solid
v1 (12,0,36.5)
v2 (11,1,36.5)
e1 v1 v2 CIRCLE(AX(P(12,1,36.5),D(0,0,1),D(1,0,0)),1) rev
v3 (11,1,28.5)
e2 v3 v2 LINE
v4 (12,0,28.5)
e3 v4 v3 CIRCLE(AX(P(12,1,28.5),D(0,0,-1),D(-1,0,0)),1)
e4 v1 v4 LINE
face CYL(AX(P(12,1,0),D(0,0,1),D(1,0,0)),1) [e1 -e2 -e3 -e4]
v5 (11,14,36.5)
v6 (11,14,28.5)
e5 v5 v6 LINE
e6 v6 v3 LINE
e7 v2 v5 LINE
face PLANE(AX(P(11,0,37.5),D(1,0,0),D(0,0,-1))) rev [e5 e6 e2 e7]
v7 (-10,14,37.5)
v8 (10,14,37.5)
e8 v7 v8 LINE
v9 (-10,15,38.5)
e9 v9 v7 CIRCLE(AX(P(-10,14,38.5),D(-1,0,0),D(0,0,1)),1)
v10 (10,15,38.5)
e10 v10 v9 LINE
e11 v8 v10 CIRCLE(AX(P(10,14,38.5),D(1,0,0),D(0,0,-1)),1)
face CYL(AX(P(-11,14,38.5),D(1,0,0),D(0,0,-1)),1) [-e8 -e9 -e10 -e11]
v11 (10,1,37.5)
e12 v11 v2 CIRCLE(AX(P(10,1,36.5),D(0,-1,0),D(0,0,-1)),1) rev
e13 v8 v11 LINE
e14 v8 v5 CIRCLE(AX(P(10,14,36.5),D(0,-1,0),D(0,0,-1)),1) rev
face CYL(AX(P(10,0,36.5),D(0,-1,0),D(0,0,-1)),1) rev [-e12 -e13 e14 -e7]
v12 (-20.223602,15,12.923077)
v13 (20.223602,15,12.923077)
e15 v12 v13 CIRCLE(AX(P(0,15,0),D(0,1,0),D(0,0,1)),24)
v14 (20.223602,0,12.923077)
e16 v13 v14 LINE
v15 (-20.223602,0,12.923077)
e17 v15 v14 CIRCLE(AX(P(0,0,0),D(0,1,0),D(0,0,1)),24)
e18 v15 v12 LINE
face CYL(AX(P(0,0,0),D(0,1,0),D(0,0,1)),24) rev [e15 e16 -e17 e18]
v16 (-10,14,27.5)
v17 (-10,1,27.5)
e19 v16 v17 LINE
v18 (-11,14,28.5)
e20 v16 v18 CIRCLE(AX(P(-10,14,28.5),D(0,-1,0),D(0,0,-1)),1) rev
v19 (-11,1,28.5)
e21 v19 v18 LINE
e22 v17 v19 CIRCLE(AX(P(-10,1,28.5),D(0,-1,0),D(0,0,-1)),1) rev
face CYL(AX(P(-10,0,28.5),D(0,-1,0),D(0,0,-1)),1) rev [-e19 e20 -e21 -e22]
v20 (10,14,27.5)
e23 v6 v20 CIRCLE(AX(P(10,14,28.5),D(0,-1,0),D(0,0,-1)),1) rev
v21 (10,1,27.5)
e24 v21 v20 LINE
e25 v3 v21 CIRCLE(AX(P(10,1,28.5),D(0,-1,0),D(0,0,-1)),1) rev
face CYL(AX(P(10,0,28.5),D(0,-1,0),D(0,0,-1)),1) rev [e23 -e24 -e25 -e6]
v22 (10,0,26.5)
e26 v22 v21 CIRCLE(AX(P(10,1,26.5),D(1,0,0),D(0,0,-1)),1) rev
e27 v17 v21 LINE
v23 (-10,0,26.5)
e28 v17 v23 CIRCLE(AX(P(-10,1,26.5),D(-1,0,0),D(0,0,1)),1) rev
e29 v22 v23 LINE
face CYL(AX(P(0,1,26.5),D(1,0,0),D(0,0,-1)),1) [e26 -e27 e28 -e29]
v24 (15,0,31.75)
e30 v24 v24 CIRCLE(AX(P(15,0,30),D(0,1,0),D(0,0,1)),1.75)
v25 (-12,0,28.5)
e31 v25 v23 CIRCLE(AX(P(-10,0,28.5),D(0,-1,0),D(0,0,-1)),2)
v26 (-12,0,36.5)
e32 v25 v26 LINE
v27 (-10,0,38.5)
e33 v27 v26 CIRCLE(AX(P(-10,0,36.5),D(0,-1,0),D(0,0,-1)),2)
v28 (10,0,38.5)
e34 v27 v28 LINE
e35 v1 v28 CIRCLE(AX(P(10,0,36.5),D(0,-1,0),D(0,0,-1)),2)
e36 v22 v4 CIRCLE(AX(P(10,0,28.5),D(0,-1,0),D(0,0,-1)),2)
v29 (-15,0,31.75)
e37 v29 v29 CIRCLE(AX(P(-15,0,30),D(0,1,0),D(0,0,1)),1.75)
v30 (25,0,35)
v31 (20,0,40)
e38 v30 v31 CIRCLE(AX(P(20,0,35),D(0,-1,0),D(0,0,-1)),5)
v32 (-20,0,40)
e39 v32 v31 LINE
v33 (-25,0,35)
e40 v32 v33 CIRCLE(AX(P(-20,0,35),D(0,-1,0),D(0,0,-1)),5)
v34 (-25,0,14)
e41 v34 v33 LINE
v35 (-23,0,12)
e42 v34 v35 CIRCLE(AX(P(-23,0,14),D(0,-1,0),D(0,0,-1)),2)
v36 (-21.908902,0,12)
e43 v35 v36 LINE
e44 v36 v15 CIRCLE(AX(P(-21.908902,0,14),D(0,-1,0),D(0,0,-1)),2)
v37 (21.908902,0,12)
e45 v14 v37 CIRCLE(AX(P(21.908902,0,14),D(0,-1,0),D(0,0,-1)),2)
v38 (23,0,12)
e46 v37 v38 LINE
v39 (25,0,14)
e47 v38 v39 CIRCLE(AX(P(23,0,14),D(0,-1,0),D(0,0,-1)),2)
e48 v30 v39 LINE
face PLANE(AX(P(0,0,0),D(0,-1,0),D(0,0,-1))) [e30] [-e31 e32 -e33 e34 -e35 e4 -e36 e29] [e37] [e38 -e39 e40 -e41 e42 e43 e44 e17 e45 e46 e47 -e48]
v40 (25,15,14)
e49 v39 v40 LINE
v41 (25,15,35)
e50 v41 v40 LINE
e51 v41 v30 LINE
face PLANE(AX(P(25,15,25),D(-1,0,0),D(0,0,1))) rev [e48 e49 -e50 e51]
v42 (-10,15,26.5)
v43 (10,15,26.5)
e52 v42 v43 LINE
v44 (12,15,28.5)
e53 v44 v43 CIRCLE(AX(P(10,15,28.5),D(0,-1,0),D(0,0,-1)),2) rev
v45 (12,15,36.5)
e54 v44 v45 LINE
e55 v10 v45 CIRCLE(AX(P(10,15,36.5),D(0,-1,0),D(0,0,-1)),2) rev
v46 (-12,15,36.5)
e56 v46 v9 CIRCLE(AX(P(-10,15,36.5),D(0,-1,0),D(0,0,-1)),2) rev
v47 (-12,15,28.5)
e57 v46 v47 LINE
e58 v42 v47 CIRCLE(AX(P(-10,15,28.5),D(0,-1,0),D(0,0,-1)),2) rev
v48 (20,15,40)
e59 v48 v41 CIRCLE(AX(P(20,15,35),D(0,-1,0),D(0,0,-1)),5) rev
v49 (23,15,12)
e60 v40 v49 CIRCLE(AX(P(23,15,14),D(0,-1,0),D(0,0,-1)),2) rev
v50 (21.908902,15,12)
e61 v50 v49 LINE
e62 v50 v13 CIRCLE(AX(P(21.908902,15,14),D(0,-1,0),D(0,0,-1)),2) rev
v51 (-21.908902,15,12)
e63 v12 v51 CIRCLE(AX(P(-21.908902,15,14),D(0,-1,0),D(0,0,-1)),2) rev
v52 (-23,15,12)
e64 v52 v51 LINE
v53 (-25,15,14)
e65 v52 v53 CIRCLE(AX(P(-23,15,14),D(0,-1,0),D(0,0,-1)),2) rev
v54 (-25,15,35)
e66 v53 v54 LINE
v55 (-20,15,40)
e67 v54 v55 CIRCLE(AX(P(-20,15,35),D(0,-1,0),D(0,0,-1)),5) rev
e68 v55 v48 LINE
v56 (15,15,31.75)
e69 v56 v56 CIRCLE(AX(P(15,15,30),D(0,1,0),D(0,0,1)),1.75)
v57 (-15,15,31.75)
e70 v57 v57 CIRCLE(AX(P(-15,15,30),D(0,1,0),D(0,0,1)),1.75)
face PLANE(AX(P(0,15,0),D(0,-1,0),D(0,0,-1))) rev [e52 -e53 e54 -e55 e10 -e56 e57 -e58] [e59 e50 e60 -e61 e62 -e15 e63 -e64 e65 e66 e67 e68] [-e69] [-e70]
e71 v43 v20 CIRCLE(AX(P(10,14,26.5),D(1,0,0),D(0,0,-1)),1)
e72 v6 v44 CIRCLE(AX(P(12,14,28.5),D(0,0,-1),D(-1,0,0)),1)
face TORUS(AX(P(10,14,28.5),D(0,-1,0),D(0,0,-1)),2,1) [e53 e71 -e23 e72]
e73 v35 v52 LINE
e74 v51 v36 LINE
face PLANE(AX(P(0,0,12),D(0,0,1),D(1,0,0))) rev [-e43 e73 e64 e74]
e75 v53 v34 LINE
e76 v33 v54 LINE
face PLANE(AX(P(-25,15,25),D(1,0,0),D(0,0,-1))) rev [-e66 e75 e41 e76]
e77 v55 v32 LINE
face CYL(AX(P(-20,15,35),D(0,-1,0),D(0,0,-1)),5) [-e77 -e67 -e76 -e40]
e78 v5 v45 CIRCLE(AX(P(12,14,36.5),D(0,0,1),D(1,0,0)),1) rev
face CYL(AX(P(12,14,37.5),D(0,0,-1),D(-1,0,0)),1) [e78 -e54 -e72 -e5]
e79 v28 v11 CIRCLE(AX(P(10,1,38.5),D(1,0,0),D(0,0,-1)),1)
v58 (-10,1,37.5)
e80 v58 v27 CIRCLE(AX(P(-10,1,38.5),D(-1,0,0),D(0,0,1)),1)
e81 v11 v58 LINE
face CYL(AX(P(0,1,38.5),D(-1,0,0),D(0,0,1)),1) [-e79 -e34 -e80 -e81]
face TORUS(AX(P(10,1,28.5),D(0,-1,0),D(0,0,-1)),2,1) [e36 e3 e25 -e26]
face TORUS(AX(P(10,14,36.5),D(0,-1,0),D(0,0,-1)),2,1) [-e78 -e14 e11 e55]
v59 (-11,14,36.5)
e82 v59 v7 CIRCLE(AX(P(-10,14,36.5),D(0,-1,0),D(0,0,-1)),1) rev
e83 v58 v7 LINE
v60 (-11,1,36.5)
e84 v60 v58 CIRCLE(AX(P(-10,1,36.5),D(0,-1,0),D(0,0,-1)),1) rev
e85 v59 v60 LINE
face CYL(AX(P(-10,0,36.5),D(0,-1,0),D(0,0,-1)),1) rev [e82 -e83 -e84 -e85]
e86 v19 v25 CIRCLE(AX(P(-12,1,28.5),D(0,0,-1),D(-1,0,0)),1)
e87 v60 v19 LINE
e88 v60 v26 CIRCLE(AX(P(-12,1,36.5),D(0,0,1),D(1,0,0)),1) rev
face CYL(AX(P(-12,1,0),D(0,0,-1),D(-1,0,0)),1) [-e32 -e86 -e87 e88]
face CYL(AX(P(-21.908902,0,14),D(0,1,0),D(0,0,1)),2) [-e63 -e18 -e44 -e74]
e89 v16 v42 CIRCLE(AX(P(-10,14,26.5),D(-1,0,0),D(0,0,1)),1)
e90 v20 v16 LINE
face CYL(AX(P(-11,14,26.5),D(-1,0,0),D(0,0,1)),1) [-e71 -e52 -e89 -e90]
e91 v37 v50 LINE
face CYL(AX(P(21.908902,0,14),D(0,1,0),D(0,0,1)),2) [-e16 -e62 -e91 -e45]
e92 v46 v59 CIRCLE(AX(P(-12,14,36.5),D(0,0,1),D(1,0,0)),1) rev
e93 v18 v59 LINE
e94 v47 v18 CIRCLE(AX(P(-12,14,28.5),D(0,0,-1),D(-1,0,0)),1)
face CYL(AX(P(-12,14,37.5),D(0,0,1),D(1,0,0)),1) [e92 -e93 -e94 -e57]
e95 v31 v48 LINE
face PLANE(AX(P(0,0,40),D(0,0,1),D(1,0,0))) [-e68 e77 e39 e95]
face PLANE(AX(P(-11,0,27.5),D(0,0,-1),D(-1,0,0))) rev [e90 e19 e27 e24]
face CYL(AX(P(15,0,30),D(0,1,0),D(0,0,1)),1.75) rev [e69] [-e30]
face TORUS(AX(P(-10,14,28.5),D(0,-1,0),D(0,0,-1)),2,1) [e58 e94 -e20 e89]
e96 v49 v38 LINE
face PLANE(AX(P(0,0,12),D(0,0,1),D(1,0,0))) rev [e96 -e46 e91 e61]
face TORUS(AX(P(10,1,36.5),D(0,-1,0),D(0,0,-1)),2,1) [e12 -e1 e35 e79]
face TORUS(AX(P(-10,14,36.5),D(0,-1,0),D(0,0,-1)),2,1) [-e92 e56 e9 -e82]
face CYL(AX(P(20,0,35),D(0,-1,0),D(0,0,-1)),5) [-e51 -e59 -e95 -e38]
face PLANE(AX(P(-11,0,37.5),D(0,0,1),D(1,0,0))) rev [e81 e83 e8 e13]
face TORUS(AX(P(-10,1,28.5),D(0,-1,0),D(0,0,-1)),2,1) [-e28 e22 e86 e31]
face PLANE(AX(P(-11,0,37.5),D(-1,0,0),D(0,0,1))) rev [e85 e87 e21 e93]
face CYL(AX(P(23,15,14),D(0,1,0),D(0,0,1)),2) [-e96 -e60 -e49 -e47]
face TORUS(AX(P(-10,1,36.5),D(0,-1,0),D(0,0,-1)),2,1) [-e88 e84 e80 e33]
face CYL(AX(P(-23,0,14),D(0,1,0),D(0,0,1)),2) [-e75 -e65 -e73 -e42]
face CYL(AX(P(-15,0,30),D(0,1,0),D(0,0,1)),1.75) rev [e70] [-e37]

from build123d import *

# Parameters (mm, degrees)
SKETCH_1_W          = 50
SKETCH_1_H          = 50
SKETCH_1_R          = 21.05
EXTRUDE_1_DEPTH     = 15
SKETCH_2_W          = 50
SKETCH_2_H          = 30
SKETCH_2_R          = 1.6
EXTRUDE_2_DEPTH     = 15
FILLET_1_R          = 3
SKETCH_3_R          = 1.75
CUT_EXTRUDE_1_DEPTH = 63.24949799
SKETCH_4_R          = 1.6
CUT_EXTRUDE_2_DEPTH = 63.24949799
FILLET_2_R          = 2
FILLET_3_R          = 5
SKETCH_5_W          = 22
SKETCH_5_H          = 10
CUT_EXTRUDE_3_DEPTH = 50.497474683
FILLET_4_R          = 1


with BuildPart() as part:
    # 草图1 → 凸台-拉伸1 (new body)
    with BuildSketch(Plane(origin=(0, 0, 0), x_dir=(1, 0, 0), z_dir=(0, 1, 0))):
        Rectangle(SKETCH_1_W, SKETCH_1_H)
        with Locations(Location((0, 0, 0), (0, 0, 270))):
            Circle(SKETCH_1_R, mode=Mode.SUBTRACT)
    extrude(amount=EXTRUDE_1_DEPTH)

    # 草图2 → 凸台-拉伸2 (add)
    with BuildSketch(Plane(origin=(0, 15, 0), x_dir=(1, 0, 0), z_dir=(0, 1, 0))):
        with Locations((0, -40)):
            Rectangle(SKETCH_2_W, SKETCH_2_H)
        with Locations(Location((-15, -47.5, 0), (0, 0, 270))):
            Circle(SKETCH_2_R, mode=Mode.SUBTRACT)
        with Locations(Location((15, -47.5, 0), (0, 0, 270))):
            Circle(SKETCH_2_R, mode=Mode.SUBTRACT)
    extrude(amount=-EXTRUDE_2_DEPTH)

    # 圆角1
    fillet_1_edges = [part.edges().sort_by_distance(p)[0] for p in [
        (25, 7.5, 55),
        (-25, 7.5, 55),
        (-25, 7.5, -25),
        (25, 7.5, -25),
    ]]
    fillet(fillet_1_edges, radius=FILLET_1_R)

    # 草图3 → 切除-拉伸1 (cut, through all)
    with BuildSketch(Plane(origin=(0, 15, 0), x_dir=(1, 0, 0), z_dir=(0, 1, 0))):
        with Locations(Location((-15, -30, 0), (0, 0, 270))):
            Circle(SKETCH_3_R)
        with Locations(Location((15, -30, 0), (0, 0, 270))):
            Circle(SKETCH_3_R)
    extrude(amount=-CUT_EXTRUDE_1_DEPTH, mode=Mode.SUBTRACT)

    # 草图4 → 切除-拉伸2 (cut, through all)
    # profile 1 of 6: a face of its own
    with BuildSketch(Plane(origin=(0, 15, 0), x_dir=(1, 0, 0), z_dir=(0, 1, 0))):
        with BuildLine():
            Line((25, -40), (-25, -40))
            Line((-25, -40), (-25, -52))
            ThreePointArc((-25, -52), (-24.121320344, -54.121320344), (-22, -55))
            Line((-22, -55), (22, -55))
            ThreePointArc((22, -55), (24.121320344, -54.121320344), (25, -52))
            Line((25, -52), (25, -40))
        make_face()
        with Locations((-15, -47.5)):
            Circle(SKETCH_4_R, mode=Mode.SUBTRACT)
        with Locations((15, -47.5)):
            Circle(SKETCH_4_R, mode=Mode.SUBTRACT)
    # profile 2 of 6: a face of its own
    with BuildSketch(Plane(origin=(0, 15, 0), x_dir=(1, 0, 0), z_dir=(0, 1, 0))):
        with BuildLine():
            Line((-25, 22), (-25, -12))
            Line((-25, -12), (-20.784609691, -12))
            ThreePointArc((-20.784609691, -12), (-6.211657082, 23.182219831), (24, 0))
            ThreePointArc((24, 0), (23.182219831, -6.211657082), (20.784609691, -12))
            Line((20.784609691, -12), (25, -12))
            Line((25, -12), (25, 22))
            ThreePointArc((25, 22), (24.121320344, 24.121320344), (22, 25))
            Line((22, 25), (-22, 25))
            ThreePointArc((-22, 25), (-24.121320344, 24.121320344), (-25, 22))
        make_face()
    # profile 3 of 6: a face of its own
    with BuildSketch(Plane(origin=(0, 15, 0), x_dir=(1, 0, 0), z_dir=(0, 1, 0))):
        with BuildLine():
            ThreePointArc((24, 0), (-6.211657082, 23.182219831), (-20.784609691, -12))
            Line((-20.784609691, -12), (-17.294580076, -12))
            ThreePointArc((-17.294580076, -12), (-6.286954326, 20.089218633), (21.05, 0))
            ThreePointArc((21.05, 0), (20.089218633, -6.286954326), (17.294580076, -12))
            Line((17.294580076, -12), (20.784609691, -12))
            ThreePointArc((20.784609691, -12), (23.182219831, -6.211657082), (24, 0))
        make_face()
    # profile 4 of 6: a face of its own
    with BuildSketch(Plane(origin=(0, 15, 0), x_dir=(1, 0, 0), z_dir=(0, 1, 0))):
        with BuildLine():
            Line((-17.294580076, -12), (-20.784609691, -12))
            ThreePointArc((-20.784609691, -12), (0, -24), (20.784609691, -12))
            Line((20.784609691, -12), (17.294580076, -12))
            ThreePointArc((17.294580076, -12), (0, -21.05), (-17.294580076, -12))
        make_face()
    # profile 5 of 6: a face of its own
    with BuildSketch(Plane(origin=(0, 15, 0), x_dir=(1, 0, 0), z_dir=(0, 1, 0))):
        with BuildLine():
            ThreePointArc((24, 0), (-6.211657082, 23.182219831), (-20.784609691, -12))
            Line((-20.784609691, -12), (-17.294580076, -12))
            ThreePointArc((-17.294580076, -12), (-6.286954326, 20.089218633), (21.05, 0))
            ThreePointArc((21.05, 0), (20.089218633, -6.286954326), (17.294580076, -12))
            Line((17.294580076, -12), (20.784609691, -12))
            ThreePointArc((20.784609691, -12), (23.182219831, -6.211657082), (24, 0))
        make_face()
    # profile 6 of 6: a face of its own
    with BuildSketch(Plane(origin=(0, 15, 0), x_dir=(1, 0, 0), z_dir=(0, 1, 0))):
        with BuildLine():
            Line((-17.294580076, -12), (-20.784609691, -12))
            ThreePointArc((-20.784609691, -12), (0, -24), (20.784609691, -12))
            Line((20.784609691, -12), (17.294580076, -12))
            ThreePointArc((17.294580076, -12), (0, -21.05), (-17.294580076, -12))
        make_face()
    extrude(amount=-CUT_EXTRUDE_2_DEPTH, mode=Mode.SUBTRACT)

    # 圆角2
    fillet_2_edges = [part.edges().sort_by_distance(p)[0] for p in [
        (20.784609691, 7.5, 12),
        (-20.784609691, 7.5, 12),
        (-25, 7.5, 12),
        (25, 7.5, 12),
    ]]
    fillet(fillet_2_edges, radius=FILLET_2_R)

    # 圆角3
    fillet_3_edges = [part.edges().sort_by_distance(p)[0] for p in [
        (-25, 7.5, 40),
        (25, 7.5, 40),
    ]]
    fillet(fillet_3_edges, radius=FILLET_3_R)

    # 草图5 → 切除-拉伸3 (cut, through all)
    with BuildSketch(Plane(origin=(0, 15, 0), x_dir=(1, 0, 0), z_dir=(0, 1, 0))):
        with Locations((0, -32.5)):
            Rectangle(SKETCH_5_W, SKETCH_5_H)
    extrude(amount=-CUT_EXTRUDE_3_DEPTH, mode=Mode.SUBTRACT)

    # 圆角4
    fillet_4_edges = [part.edges().sort_by_distance(p)[0] for p in [
        (11, 0, 32.5),
        (11, 7.5, 27.5),
        (0, 0, 37.5),
        (11, 7.5, 37.5),
        (-11, 0, 32.5),
        (-11, 7.5, 37.5),
        (0, 0, 27.5),
        (-11, 7.5, 27.5),
        (11, 15, 32.5),
        (0, 15, 27.5),
        (-11, 15, 32.5),
        (0, 15, 37.5),
    ]]
    fillet(fillet_4_edges, radius=FILLET_4_R)


solid = part.part
